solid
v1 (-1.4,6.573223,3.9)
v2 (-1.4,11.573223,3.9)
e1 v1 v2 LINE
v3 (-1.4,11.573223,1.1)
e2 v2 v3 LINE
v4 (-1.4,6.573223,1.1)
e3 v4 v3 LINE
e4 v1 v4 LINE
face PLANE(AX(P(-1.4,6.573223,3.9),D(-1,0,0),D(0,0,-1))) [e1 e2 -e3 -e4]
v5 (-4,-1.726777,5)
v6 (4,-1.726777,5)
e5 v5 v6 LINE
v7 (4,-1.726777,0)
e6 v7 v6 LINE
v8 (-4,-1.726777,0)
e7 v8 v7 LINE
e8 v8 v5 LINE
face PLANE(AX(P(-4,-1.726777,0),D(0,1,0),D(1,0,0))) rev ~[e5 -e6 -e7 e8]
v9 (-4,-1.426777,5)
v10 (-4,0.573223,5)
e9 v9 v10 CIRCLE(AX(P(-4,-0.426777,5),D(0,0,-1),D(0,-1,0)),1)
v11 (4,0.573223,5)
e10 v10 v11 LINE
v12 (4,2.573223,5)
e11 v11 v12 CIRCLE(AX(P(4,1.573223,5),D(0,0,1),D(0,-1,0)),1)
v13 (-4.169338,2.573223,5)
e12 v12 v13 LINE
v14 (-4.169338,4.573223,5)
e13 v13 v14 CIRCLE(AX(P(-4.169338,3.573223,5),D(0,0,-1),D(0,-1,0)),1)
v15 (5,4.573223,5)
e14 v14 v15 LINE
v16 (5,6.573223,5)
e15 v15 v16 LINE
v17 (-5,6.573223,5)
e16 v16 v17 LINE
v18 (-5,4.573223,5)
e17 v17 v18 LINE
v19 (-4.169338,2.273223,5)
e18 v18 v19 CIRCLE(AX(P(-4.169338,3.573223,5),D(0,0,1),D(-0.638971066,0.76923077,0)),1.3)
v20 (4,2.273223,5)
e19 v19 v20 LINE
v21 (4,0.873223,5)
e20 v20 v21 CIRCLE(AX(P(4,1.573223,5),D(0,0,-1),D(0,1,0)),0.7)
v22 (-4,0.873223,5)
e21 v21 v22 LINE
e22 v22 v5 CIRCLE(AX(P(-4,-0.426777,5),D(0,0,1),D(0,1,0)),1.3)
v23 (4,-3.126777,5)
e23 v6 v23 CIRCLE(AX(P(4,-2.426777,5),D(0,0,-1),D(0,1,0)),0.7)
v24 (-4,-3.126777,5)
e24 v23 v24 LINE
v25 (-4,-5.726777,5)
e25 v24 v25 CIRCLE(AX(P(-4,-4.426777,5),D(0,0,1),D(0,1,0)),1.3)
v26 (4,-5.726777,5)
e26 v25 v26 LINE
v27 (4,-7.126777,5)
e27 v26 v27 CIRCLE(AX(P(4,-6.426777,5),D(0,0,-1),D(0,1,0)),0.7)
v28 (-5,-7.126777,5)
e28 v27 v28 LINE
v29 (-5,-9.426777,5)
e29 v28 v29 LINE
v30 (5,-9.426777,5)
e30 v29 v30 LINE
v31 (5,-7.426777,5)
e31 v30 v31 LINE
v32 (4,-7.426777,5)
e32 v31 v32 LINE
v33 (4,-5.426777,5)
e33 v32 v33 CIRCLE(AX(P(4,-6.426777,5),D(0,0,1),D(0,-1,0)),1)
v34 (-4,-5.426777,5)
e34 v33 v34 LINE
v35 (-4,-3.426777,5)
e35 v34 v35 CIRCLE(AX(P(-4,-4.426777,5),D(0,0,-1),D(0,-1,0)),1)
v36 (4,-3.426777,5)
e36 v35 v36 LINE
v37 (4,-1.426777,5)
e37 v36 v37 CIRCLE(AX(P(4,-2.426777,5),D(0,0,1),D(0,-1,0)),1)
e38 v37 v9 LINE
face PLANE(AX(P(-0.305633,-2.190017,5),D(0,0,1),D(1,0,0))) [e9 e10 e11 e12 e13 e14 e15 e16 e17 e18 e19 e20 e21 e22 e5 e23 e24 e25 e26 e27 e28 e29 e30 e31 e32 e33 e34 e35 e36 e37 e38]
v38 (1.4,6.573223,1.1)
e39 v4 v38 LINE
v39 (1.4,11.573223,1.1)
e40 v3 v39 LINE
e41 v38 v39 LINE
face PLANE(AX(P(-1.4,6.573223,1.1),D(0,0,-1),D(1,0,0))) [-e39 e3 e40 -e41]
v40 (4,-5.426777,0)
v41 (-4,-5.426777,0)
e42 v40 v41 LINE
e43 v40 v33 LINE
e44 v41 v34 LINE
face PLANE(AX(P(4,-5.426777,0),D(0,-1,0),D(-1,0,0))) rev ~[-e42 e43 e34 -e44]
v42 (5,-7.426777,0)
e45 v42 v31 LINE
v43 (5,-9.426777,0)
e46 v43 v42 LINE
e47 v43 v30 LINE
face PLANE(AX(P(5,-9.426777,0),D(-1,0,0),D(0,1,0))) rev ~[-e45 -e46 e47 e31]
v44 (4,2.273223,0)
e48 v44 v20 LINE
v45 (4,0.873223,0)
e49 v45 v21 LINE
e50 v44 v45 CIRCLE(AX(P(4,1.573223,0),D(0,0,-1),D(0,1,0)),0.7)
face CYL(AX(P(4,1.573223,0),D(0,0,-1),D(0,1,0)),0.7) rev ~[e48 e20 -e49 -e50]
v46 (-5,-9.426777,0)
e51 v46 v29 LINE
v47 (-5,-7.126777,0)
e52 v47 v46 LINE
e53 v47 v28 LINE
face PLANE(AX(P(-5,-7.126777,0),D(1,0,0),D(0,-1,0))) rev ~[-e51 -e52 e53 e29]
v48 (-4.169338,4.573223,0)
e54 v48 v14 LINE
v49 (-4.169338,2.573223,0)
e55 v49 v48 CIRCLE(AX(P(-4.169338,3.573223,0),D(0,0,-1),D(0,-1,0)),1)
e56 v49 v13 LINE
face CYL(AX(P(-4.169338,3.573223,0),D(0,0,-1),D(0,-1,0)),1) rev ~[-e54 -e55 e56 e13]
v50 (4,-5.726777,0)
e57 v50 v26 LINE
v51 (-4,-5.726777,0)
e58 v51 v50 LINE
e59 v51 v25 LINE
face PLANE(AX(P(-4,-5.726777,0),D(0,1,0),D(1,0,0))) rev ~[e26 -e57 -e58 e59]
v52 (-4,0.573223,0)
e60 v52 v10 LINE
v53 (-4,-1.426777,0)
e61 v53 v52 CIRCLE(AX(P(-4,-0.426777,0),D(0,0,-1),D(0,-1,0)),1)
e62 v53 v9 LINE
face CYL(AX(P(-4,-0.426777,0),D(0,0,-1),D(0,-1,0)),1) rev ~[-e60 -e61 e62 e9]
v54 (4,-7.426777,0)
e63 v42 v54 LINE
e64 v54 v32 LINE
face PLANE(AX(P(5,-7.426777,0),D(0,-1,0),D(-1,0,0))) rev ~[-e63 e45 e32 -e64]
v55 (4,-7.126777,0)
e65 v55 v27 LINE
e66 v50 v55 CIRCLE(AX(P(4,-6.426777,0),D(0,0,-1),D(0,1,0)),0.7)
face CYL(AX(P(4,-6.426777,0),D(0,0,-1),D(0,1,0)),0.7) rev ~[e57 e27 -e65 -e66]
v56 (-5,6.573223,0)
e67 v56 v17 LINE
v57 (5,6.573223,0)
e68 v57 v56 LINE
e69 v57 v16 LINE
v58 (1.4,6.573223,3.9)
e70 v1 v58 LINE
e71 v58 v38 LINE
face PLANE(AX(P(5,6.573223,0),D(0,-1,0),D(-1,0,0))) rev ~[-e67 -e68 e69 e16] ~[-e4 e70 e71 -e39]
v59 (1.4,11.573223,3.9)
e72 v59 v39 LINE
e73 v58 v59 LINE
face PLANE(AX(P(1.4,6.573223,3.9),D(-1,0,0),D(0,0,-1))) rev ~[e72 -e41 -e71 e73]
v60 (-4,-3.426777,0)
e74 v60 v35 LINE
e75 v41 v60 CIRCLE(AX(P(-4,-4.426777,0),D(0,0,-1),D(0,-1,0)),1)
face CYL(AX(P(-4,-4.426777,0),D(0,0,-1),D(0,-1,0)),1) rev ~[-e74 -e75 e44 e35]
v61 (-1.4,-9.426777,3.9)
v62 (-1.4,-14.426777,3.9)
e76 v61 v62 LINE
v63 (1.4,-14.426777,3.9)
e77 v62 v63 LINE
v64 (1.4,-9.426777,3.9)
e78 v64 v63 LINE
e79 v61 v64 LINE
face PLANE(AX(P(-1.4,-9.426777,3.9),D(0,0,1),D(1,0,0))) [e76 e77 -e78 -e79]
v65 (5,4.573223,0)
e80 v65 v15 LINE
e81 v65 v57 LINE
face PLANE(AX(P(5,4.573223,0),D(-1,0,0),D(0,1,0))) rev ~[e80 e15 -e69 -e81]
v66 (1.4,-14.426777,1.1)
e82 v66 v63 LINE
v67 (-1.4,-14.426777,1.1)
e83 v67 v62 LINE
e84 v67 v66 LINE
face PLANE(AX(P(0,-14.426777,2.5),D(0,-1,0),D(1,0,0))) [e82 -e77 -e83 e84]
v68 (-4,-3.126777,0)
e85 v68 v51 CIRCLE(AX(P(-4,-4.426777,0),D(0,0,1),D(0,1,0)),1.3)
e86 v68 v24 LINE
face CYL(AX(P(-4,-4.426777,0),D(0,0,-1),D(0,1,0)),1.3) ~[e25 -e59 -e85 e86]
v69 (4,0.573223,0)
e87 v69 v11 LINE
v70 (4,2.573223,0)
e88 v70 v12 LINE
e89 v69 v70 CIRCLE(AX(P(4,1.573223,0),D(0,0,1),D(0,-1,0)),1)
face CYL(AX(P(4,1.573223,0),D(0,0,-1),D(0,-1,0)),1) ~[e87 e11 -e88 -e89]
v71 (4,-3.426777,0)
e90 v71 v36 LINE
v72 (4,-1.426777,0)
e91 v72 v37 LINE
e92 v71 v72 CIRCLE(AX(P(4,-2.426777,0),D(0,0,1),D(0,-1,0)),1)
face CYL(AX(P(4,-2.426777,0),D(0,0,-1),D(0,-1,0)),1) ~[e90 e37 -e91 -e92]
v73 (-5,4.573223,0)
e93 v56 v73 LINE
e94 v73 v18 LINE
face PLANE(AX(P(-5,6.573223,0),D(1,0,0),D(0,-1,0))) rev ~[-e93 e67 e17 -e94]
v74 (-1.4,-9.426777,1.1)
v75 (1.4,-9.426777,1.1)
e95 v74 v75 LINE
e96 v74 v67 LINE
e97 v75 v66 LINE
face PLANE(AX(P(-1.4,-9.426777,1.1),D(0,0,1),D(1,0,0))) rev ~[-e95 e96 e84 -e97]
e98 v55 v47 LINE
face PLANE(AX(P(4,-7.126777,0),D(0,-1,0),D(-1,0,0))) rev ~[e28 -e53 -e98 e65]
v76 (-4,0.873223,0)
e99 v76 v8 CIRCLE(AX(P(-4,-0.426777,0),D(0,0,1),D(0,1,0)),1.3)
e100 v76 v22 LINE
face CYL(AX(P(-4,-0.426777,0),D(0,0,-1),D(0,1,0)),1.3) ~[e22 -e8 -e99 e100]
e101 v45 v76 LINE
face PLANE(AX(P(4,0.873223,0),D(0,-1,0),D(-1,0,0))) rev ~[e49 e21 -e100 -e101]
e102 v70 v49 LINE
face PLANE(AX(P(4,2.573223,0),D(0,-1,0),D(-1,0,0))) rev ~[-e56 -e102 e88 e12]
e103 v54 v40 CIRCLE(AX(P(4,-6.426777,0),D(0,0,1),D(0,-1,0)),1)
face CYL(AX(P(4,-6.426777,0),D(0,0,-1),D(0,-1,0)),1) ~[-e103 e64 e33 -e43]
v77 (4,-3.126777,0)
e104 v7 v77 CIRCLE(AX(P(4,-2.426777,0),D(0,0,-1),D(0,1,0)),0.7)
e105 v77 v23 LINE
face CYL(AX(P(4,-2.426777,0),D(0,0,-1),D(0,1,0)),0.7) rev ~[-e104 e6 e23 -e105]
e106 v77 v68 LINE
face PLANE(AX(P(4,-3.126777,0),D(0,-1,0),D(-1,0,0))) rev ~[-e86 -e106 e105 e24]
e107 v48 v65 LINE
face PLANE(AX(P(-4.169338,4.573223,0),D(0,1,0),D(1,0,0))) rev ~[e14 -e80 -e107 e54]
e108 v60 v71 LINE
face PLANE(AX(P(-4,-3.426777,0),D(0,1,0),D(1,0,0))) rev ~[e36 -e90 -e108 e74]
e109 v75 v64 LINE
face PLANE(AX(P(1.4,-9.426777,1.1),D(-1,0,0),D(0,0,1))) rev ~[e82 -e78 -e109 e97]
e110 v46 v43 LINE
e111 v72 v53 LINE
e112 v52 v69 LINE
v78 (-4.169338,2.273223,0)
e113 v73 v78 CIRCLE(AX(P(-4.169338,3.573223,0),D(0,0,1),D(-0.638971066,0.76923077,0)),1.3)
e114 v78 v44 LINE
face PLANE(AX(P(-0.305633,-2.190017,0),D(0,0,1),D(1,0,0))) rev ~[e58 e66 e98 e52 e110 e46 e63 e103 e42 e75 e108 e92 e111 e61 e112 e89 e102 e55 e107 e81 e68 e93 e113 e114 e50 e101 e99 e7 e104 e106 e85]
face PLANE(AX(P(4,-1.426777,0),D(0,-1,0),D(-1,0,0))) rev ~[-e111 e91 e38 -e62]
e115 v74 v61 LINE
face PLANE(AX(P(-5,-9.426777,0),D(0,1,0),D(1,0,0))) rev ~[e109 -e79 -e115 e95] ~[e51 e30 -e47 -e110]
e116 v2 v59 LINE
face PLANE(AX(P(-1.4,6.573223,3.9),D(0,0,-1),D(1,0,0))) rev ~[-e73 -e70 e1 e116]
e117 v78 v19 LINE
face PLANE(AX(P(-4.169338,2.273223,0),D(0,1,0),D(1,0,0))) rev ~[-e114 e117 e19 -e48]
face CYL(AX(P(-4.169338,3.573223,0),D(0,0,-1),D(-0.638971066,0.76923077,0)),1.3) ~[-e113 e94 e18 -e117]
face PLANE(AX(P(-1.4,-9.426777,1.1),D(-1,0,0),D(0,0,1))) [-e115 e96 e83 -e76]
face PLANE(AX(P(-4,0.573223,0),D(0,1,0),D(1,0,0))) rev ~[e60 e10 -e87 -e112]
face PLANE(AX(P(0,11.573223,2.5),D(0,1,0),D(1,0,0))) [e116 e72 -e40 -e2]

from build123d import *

# Parameters (mm, degrees)
BOSS_EXTRUDE1_DEPTH = 5
SKETCH3_W           = 2.8
SKETCH3_H           = 2.8
BOSS_EXTRUDE2_DEPTH = 5
SKETCH4_W           = 2.8
SKETCH4_H           = 2.8
BOSS_EXTRUDE3_DEPTH = 5


with BuildPart() as part:
    # Sketch2 → Boss-Extrude1 (new body)
    with BuildSketch(Plane.XY):
        with BuildLine():
            Line((4, 2.573223097), (-4.169337614, 2.573223097))
            ThreePointArc((-4.169337614, 2.573223097), (-5.169337614, 3.573223097), (-4.169337614, 4.573223097))
            Line((-4.169337614, 4.573223097), (-5, 4.573223097))
            ThreePointArc((-5, 4.573223097), (-5.39203954, 3.131635053), (-4.169337614, 2.273223097))
            Line((-4.169337614, 2.273223097), (4, 2.273223097))
            ThreePointArc((4, 2.273223097), (4.7, 1.573223097), (4, 0.873223097))
            Line((4, 0.873223097), (-4, 0.873223097))
            ThreePointArc((-4, 0.873223097), (-5.3, -0.426776903), (-4, -1.726776903))
            Line((-4, -1.726776903), (4, -1.726776903))
            ThreePointArc((4, -1.726776903), (4.7, -2.426776903), (4, -3.126776903))
            Line((4, -3.126776903), (-4, -3.126776903))
            ThreePointArc((-4, -3.126776903), (-5.3, -4.426776903), (-4, -5.726776903))
            Line((-4, -5.726776903), (4, -5.726776903))
            ThreePointArc((4, -5.726776903), (4.7, -6.426776903), (4, -7.126776903))
            Line((4, -7.126776903), (-5, -7.126776903))
            Line((-5, -7.126776903), (-5, -7.426776903))
            Line((-5, -7.426776903), (4, -7.426776903))
            ThreePointArc((4, -7.426776903), (5, -6.426776903), (4, -5.426776903))
            Line((4, -5.426776903), (-4, -5.426776903))
            ThreePointArc((-4, -5.426776903), (-5, -4.426776903), (-4, -3.426776903))
            Line((-4, -3.426776903), (4, -3.426776903))
            ThreePointArc((4, -3.426776903), (5, -2.426776903), (4, -1.426776903))
            Line((4, -1.426776903), (-4, -1.426776903))
            ThreePointArc((-4, -1.426776903), (-5, -0.426776903), (-4, 0.573223097))
            Line((-4, 0.573223097), (4, 0.573223097))
            ThreePointArc((4, 0.573223097), (5, 1.573223097), (4, 2.573223097))
        make_face()
        Polygon((-5, 4.573223097), (-4.169337614, 4.573223097), (5, 4.573223097), (5, 6.573223097), (-5, 6.573223097), align=None)
        Polygon((5, -7.426776903), (4, -7.426776903), (-5, -7.426776903), (-5, -9.426776903), (5, -9.426776903), align=None)
    extrude(amount=BOSS_EXTRUDE1_DEPTH)

    # Sketch3 → Boss-Extrude2 (add)
    with BuildSketch(Plane(origin=(0, 6.573223097, 0), x_dir=(1, 0, 0), z_dir=(0, 1, 0))):
        with Locations((0, -2.5)):
            Rectangle(SKETCH3_W, SKETCH3_H)
    extrude(amount=BOSS_EXTRUDE2_DEPTH)

    # Sketch4 → Boss-Extrude3 (add)
    with BuildSketch(Plane.XZ.offset(9.426776903)):
        with Locations((0, 2.5)):
            Rectangle(SKETCH4_W, SKETCH4_H)
    extrude(amount=BOSS_EXTRUDE3_DEPTH)


solid = part.part
